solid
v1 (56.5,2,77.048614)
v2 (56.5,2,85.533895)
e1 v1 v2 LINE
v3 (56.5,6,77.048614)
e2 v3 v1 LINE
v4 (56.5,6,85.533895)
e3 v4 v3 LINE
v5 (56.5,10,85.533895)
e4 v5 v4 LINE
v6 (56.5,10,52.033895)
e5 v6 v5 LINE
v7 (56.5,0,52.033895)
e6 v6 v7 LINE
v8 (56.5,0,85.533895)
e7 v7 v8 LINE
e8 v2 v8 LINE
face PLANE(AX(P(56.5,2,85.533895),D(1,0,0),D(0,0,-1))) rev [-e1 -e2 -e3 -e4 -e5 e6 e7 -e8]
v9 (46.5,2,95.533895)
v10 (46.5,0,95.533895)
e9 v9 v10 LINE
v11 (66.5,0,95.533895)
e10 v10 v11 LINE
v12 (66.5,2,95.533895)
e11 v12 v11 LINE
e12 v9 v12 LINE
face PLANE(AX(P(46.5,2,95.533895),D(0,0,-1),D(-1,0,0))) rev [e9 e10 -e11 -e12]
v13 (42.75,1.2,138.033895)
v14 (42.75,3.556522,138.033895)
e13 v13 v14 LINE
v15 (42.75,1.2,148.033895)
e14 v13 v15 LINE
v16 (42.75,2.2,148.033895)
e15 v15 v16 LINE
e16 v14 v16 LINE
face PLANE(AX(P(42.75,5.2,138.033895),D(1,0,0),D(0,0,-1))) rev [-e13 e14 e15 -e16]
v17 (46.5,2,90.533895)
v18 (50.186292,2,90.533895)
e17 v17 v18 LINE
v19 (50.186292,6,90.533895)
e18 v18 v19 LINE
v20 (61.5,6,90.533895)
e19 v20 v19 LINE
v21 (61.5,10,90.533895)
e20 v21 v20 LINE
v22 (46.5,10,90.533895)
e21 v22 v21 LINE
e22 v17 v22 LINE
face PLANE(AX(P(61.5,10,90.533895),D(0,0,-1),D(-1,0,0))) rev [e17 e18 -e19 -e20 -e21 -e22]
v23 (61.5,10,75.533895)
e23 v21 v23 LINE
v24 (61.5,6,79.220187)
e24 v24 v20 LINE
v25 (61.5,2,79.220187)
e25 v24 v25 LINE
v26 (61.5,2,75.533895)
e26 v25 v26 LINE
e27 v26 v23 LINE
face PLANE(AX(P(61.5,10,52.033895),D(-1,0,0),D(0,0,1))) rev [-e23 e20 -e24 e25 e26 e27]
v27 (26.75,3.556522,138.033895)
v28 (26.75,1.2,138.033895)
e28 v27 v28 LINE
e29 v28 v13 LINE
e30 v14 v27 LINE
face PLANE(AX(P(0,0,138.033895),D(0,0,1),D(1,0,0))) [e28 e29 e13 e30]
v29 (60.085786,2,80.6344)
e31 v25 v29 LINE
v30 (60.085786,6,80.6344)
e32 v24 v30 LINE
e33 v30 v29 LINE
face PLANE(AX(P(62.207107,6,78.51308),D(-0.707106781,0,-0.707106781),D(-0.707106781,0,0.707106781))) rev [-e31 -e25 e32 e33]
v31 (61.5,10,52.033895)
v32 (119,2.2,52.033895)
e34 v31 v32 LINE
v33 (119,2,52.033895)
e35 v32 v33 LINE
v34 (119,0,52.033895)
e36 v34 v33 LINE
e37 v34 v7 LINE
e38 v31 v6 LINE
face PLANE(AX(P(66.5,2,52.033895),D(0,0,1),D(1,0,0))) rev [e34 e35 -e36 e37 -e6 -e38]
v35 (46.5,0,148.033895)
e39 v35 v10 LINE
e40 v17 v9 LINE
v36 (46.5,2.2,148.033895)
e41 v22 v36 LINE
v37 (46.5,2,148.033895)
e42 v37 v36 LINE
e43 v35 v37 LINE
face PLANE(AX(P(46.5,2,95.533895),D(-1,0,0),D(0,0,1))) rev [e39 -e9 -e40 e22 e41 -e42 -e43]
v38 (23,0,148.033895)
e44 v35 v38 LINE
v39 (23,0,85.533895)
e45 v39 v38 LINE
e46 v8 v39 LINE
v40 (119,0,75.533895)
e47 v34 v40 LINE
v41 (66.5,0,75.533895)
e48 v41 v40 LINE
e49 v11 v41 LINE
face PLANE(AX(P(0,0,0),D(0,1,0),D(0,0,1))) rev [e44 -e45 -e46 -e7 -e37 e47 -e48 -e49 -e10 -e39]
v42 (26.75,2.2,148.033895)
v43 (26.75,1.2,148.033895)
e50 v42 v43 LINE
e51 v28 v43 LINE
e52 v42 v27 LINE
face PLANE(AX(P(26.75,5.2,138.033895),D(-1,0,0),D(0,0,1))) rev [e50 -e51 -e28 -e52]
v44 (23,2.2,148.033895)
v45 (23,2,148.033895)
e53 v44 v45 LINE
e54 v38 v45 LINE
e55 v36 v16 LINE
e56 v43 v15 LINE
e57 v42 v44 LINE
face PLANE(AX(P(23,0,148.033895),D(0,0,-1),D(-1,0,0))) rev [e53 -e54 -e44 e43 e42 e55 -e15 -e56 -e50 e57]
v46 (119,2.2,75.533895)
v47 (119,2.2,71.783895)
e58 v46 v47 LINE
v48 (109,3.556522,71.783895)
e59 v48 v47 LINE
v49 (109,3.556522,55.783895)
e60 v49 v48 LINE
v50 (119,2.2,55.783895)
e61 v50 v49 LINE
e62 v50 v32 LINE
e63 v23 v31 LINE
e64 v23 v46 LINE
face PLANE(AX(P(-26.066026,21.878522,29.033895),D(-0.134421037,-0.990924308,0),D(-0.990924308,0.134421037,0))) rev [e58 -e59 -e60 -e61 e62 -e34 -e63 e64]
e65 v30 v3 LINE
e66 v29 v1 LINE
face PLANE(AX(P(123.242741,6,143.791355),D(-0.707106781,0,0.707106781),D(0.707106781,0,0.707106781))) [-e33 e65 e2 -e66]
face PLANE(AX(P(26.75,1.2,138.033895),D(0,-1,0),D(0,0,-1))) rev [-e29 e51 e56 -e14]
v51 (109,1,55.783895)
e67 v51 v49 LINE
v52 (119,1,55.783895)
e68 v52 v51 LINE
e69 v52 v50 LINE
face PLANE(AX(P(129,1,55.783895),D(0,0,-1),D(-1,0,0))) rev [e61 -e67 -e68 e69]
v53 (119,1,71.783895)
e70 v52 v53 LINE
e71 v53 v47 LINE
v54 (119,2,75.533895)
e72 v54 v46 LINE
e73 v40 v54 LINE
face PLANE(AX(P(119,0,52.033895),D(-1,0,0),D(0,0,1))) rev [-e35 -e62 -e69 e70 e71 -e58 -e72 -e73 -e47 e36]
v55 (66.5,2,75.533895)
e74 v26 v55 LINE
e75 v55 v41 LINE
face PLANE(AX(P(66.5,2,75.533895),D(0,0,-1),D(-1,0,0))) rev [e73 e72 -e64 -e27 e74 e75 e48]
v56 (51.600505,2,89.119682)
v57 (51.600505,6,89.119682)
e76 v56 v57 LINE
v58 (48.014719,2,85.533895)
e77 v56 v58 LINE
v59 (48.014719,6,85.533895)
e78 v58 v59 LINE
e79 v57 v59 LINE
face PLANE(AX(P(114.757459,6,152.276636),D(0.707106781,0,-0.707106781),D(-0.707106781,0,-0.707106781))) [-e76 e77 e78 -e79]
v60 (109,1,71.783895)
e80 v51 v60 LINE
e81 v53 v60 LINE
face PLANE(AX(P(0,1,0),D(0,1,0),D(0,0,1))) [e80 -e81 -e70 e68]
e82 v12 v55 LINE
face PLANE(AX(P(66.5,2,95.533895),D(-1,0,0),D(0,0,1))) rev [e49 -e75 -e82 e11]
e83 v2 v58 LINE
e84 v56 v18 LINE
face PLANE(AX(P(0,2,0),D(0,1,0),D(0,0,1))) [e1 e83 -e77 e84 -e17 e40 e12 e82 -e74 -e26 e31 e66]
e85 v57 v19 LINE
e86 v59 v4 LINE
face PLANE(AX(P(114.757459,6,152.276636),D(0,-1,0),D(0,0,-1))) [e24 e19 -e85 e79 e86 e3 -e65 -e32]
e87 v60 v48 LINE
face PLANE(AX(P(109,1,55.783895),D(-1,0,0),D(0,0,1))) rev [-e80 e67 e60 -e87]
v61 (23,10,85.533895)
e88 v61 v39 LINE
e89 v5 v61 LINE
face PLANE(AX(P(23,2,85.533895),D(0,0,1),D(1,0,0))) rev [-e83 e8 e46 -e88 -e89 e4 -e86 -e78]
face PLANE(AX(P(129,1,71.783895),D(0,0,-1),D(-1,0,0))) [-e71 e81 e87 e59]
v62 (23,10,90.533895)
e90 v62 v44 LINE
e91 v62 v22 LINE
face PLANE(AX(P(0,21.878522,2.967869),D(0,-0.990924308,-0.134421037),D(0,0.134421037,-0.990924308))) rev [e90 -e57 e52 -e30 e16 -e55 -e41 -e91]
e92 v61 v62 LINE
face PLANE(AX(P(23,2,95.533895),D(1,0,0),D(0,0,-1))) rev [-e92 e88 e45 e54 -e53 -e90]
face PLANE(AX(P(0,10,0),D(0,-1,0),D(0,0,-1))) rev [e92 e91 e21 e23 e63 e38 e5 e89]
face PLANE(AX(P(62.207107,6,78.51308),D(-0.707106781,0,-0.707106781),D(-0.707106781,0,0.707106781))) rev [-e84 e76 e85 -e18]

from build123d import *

# Parameters (mm, degrees)
BOSS_EXTRUDE1_DEPTH = 2
BOSS_EXTRUDE2_DEPTH = 8
SKETCH7_W           = 20
SKETCH7_H           = 16
CUT_EXTRUDE4_DEPTH  = 1
SKETCH8_W           = 23.5
SKETCH8_H           = 10
CUT_EXTRUDE5_DEPTH  = 205.156097213
SKETCH9_W           = 10
SKETCH9_H           = 23.5
CUT_EXTRUDE6_DEPTH  = 197.517261647
SKETCH16_W          = 16
SKETCH16_H          = 4
CUT_EXTRUDE7_DEPTH  = 10
SKETCH17_W          = 12
SKETCH17_H          = 4
CUT_EXTRUDE8_DEPTH  = 115.37923137
SKETCH18_W          = 14.430433489
SKETCH18_H          = 4
CUT_EXTRUDE9_DEPTH  = 9


with BuildPart() as part:
    # Sketch1 → Boss-Extrude1 (new body)
    with BuildSketch(Plane(origin=(0, 0, 0), x_dir=(1, 0, 0), z_dir=(0, 1, 0))):
        Polygon((23, -85.533895191), (23, -95.533895191), (23, -158.033895191), (46.5, -158.033895191), (46.5, -95.533895191), (66.5, -95.533895191), (66.5, -75.533895191), (129, -75.533895191), (129, -52.033895191), (66.5, -52.033895191), (56.5, -52.033895191), (56.5, -85.533895191), align=None)
    extrude(amount=BOSS_EXTRUDE1_DEPTH)

    # Sketch2 → Boss-Extrude2 (add)
    with BuildSketch(Plane(origin=(0, 2, 0), x_dir=(1, 0, 0), z_dir=(0, 1, 0))):
        Polygon((56.5, -52.033895191), (61.5, -52.033895191), (61.5, -90.533895191), (23, -90.533895191), (23, -85.533895191), (56.5, -85.533895191), align=None)
    extrude(amount=BOSS_EXTRUDE2_DEPTH)

    # Sketch7 → Cut-Extrude4 (cut)
    with BuildSketch(Plane(origin=(0, 2, 0), x_dir=(1, 0, 0), z_dir=(0, 1, 0))):
        with Locations((119, -63.783895191)):
            Rectangle(SKETCH7_W, SKETCH7_H)
    extrude(amount=-CUT_EXTRUDE4_DEPTH, mode=Mode.SUBTRACT)

    # Sketch8 → Cut-Extrude5 (cut, through all)
    with BuildSketch(Plane(origin=(0, 2, 0), x_dir=(1, 0, 0), z_dir=(0, 1, 0))):
        with Locations((34.75, -153.033895191)):
            Rectangle(SKETCH8_W, SKETCH8_H)
    extrude(amount=-CUT_EXTRUDE5_DEPTH, mode=Mode.SUBTRACT)

    # Sketch9 → Cut-Extrude6 (cut, through all)
    with BuildSketch(Plane(origin=(0, 2, 0), x_dir=(1, 0, 0), z_dir=(0, 1, 0))):
        with Locations((124, -63.783895191)):
            Rectangle(SKETCH9_W, SKETCH9_H)
    extrude(amount=-CUT_EXTRUDE6_DEPTH, mode=Mode.SUBTRACT)

    # Sketch11 → Loft3 section 0
    with BuildSketch(Plane.XY.offset(90.533895191)):
        with BuildLine():
            Line((46.5, 2), (46.5, 10))
            Line((46.5, 10), (23, 10))
            Line((23, 10), (23, 2))
            Line((23, 2), (46.5, 2))
        make_face()
    # Sketch13 → Loft3 section 1
    with BuildSketch(Plane.XY.offset(148.033895191)):
        with BuildLine():
            Line((23, 2), (23, 2.2))
            Line((23, 2.2), (46.5, 2.2))
            Line((46.5, 2.2), (46.5, 2))
            Line((46.5, 2), (23, 2))
        make_face()
    loft3 = loft()

    # Sketch16 → Cut-Extrude7 (cut)
    with BuildSketch(Plane.XY.offset(148.033895191)):
        with Locations((34.75, 3.2)):
            Rectangle(SKETCH16_W, SKETCH16_H)
    cut_extrude7 = extrude(amount=-CUT_EXTRUDE7_DEPTH, mode=Mode.SUBTRACT)

    # Mirror2: Loft3, Cut-Extrude7 across plane
    add(loft3.mirror(Plane(origin=(-14.516947595, 0, 14.516947595), x_dir=(0.7071067811865507, 0, 0.7071067811865444), z_dir=(-0.7071067811865446, 0, 0.7071067811865506))))
    add(cut_extrude7.mirror(Plane(origin=(-14.516947595, 0, 14.516947595), x_dir=(0.7071067811865507, 0, 0.7071067811865444), z_dir=(-0.7071067811865446, 0, 0.7071067811865506))), mode=Mode.SUBTRACT)

    # Sketch17 → Cut-Extrude8 (cut, through all)
    with BuildSketch(Plane(origin=(54.266947595, 0, 54.266947595), x_dir=(0.7071067811865475, 0, -0.7071067811865477), z_dir=(0.7071067811865477, 0, 0.7071067811865475))):
        with Locations((-20.530064174, 4)):
            Rectangle(SKETCH17_W, SKETCH17_H)
    extrude(amount=CUT_EXTRUDE8_DEPTH, mode=Mode.SUBTRACT)

    # Sketch18 → Cut-Extrude9 (cut, symmetric)
    with BuildSketch(Plane(origin=(-14.516947595, 0, 14.516947595), x_dir=(0.7071067811865446, 0, 0.7071067811865505), z_dir=(-0.7071067811865505, 0, 0.7071067811865446))):
        with Locations((106.719415005, 4)):
            Rectangle(SKETCH18_W, SKETCH18_H)
    extrude(amount=CUT_EXTRUDE9_DEPTH, both=True, mode=Mode.SUBTRACT)


solid = part.part
